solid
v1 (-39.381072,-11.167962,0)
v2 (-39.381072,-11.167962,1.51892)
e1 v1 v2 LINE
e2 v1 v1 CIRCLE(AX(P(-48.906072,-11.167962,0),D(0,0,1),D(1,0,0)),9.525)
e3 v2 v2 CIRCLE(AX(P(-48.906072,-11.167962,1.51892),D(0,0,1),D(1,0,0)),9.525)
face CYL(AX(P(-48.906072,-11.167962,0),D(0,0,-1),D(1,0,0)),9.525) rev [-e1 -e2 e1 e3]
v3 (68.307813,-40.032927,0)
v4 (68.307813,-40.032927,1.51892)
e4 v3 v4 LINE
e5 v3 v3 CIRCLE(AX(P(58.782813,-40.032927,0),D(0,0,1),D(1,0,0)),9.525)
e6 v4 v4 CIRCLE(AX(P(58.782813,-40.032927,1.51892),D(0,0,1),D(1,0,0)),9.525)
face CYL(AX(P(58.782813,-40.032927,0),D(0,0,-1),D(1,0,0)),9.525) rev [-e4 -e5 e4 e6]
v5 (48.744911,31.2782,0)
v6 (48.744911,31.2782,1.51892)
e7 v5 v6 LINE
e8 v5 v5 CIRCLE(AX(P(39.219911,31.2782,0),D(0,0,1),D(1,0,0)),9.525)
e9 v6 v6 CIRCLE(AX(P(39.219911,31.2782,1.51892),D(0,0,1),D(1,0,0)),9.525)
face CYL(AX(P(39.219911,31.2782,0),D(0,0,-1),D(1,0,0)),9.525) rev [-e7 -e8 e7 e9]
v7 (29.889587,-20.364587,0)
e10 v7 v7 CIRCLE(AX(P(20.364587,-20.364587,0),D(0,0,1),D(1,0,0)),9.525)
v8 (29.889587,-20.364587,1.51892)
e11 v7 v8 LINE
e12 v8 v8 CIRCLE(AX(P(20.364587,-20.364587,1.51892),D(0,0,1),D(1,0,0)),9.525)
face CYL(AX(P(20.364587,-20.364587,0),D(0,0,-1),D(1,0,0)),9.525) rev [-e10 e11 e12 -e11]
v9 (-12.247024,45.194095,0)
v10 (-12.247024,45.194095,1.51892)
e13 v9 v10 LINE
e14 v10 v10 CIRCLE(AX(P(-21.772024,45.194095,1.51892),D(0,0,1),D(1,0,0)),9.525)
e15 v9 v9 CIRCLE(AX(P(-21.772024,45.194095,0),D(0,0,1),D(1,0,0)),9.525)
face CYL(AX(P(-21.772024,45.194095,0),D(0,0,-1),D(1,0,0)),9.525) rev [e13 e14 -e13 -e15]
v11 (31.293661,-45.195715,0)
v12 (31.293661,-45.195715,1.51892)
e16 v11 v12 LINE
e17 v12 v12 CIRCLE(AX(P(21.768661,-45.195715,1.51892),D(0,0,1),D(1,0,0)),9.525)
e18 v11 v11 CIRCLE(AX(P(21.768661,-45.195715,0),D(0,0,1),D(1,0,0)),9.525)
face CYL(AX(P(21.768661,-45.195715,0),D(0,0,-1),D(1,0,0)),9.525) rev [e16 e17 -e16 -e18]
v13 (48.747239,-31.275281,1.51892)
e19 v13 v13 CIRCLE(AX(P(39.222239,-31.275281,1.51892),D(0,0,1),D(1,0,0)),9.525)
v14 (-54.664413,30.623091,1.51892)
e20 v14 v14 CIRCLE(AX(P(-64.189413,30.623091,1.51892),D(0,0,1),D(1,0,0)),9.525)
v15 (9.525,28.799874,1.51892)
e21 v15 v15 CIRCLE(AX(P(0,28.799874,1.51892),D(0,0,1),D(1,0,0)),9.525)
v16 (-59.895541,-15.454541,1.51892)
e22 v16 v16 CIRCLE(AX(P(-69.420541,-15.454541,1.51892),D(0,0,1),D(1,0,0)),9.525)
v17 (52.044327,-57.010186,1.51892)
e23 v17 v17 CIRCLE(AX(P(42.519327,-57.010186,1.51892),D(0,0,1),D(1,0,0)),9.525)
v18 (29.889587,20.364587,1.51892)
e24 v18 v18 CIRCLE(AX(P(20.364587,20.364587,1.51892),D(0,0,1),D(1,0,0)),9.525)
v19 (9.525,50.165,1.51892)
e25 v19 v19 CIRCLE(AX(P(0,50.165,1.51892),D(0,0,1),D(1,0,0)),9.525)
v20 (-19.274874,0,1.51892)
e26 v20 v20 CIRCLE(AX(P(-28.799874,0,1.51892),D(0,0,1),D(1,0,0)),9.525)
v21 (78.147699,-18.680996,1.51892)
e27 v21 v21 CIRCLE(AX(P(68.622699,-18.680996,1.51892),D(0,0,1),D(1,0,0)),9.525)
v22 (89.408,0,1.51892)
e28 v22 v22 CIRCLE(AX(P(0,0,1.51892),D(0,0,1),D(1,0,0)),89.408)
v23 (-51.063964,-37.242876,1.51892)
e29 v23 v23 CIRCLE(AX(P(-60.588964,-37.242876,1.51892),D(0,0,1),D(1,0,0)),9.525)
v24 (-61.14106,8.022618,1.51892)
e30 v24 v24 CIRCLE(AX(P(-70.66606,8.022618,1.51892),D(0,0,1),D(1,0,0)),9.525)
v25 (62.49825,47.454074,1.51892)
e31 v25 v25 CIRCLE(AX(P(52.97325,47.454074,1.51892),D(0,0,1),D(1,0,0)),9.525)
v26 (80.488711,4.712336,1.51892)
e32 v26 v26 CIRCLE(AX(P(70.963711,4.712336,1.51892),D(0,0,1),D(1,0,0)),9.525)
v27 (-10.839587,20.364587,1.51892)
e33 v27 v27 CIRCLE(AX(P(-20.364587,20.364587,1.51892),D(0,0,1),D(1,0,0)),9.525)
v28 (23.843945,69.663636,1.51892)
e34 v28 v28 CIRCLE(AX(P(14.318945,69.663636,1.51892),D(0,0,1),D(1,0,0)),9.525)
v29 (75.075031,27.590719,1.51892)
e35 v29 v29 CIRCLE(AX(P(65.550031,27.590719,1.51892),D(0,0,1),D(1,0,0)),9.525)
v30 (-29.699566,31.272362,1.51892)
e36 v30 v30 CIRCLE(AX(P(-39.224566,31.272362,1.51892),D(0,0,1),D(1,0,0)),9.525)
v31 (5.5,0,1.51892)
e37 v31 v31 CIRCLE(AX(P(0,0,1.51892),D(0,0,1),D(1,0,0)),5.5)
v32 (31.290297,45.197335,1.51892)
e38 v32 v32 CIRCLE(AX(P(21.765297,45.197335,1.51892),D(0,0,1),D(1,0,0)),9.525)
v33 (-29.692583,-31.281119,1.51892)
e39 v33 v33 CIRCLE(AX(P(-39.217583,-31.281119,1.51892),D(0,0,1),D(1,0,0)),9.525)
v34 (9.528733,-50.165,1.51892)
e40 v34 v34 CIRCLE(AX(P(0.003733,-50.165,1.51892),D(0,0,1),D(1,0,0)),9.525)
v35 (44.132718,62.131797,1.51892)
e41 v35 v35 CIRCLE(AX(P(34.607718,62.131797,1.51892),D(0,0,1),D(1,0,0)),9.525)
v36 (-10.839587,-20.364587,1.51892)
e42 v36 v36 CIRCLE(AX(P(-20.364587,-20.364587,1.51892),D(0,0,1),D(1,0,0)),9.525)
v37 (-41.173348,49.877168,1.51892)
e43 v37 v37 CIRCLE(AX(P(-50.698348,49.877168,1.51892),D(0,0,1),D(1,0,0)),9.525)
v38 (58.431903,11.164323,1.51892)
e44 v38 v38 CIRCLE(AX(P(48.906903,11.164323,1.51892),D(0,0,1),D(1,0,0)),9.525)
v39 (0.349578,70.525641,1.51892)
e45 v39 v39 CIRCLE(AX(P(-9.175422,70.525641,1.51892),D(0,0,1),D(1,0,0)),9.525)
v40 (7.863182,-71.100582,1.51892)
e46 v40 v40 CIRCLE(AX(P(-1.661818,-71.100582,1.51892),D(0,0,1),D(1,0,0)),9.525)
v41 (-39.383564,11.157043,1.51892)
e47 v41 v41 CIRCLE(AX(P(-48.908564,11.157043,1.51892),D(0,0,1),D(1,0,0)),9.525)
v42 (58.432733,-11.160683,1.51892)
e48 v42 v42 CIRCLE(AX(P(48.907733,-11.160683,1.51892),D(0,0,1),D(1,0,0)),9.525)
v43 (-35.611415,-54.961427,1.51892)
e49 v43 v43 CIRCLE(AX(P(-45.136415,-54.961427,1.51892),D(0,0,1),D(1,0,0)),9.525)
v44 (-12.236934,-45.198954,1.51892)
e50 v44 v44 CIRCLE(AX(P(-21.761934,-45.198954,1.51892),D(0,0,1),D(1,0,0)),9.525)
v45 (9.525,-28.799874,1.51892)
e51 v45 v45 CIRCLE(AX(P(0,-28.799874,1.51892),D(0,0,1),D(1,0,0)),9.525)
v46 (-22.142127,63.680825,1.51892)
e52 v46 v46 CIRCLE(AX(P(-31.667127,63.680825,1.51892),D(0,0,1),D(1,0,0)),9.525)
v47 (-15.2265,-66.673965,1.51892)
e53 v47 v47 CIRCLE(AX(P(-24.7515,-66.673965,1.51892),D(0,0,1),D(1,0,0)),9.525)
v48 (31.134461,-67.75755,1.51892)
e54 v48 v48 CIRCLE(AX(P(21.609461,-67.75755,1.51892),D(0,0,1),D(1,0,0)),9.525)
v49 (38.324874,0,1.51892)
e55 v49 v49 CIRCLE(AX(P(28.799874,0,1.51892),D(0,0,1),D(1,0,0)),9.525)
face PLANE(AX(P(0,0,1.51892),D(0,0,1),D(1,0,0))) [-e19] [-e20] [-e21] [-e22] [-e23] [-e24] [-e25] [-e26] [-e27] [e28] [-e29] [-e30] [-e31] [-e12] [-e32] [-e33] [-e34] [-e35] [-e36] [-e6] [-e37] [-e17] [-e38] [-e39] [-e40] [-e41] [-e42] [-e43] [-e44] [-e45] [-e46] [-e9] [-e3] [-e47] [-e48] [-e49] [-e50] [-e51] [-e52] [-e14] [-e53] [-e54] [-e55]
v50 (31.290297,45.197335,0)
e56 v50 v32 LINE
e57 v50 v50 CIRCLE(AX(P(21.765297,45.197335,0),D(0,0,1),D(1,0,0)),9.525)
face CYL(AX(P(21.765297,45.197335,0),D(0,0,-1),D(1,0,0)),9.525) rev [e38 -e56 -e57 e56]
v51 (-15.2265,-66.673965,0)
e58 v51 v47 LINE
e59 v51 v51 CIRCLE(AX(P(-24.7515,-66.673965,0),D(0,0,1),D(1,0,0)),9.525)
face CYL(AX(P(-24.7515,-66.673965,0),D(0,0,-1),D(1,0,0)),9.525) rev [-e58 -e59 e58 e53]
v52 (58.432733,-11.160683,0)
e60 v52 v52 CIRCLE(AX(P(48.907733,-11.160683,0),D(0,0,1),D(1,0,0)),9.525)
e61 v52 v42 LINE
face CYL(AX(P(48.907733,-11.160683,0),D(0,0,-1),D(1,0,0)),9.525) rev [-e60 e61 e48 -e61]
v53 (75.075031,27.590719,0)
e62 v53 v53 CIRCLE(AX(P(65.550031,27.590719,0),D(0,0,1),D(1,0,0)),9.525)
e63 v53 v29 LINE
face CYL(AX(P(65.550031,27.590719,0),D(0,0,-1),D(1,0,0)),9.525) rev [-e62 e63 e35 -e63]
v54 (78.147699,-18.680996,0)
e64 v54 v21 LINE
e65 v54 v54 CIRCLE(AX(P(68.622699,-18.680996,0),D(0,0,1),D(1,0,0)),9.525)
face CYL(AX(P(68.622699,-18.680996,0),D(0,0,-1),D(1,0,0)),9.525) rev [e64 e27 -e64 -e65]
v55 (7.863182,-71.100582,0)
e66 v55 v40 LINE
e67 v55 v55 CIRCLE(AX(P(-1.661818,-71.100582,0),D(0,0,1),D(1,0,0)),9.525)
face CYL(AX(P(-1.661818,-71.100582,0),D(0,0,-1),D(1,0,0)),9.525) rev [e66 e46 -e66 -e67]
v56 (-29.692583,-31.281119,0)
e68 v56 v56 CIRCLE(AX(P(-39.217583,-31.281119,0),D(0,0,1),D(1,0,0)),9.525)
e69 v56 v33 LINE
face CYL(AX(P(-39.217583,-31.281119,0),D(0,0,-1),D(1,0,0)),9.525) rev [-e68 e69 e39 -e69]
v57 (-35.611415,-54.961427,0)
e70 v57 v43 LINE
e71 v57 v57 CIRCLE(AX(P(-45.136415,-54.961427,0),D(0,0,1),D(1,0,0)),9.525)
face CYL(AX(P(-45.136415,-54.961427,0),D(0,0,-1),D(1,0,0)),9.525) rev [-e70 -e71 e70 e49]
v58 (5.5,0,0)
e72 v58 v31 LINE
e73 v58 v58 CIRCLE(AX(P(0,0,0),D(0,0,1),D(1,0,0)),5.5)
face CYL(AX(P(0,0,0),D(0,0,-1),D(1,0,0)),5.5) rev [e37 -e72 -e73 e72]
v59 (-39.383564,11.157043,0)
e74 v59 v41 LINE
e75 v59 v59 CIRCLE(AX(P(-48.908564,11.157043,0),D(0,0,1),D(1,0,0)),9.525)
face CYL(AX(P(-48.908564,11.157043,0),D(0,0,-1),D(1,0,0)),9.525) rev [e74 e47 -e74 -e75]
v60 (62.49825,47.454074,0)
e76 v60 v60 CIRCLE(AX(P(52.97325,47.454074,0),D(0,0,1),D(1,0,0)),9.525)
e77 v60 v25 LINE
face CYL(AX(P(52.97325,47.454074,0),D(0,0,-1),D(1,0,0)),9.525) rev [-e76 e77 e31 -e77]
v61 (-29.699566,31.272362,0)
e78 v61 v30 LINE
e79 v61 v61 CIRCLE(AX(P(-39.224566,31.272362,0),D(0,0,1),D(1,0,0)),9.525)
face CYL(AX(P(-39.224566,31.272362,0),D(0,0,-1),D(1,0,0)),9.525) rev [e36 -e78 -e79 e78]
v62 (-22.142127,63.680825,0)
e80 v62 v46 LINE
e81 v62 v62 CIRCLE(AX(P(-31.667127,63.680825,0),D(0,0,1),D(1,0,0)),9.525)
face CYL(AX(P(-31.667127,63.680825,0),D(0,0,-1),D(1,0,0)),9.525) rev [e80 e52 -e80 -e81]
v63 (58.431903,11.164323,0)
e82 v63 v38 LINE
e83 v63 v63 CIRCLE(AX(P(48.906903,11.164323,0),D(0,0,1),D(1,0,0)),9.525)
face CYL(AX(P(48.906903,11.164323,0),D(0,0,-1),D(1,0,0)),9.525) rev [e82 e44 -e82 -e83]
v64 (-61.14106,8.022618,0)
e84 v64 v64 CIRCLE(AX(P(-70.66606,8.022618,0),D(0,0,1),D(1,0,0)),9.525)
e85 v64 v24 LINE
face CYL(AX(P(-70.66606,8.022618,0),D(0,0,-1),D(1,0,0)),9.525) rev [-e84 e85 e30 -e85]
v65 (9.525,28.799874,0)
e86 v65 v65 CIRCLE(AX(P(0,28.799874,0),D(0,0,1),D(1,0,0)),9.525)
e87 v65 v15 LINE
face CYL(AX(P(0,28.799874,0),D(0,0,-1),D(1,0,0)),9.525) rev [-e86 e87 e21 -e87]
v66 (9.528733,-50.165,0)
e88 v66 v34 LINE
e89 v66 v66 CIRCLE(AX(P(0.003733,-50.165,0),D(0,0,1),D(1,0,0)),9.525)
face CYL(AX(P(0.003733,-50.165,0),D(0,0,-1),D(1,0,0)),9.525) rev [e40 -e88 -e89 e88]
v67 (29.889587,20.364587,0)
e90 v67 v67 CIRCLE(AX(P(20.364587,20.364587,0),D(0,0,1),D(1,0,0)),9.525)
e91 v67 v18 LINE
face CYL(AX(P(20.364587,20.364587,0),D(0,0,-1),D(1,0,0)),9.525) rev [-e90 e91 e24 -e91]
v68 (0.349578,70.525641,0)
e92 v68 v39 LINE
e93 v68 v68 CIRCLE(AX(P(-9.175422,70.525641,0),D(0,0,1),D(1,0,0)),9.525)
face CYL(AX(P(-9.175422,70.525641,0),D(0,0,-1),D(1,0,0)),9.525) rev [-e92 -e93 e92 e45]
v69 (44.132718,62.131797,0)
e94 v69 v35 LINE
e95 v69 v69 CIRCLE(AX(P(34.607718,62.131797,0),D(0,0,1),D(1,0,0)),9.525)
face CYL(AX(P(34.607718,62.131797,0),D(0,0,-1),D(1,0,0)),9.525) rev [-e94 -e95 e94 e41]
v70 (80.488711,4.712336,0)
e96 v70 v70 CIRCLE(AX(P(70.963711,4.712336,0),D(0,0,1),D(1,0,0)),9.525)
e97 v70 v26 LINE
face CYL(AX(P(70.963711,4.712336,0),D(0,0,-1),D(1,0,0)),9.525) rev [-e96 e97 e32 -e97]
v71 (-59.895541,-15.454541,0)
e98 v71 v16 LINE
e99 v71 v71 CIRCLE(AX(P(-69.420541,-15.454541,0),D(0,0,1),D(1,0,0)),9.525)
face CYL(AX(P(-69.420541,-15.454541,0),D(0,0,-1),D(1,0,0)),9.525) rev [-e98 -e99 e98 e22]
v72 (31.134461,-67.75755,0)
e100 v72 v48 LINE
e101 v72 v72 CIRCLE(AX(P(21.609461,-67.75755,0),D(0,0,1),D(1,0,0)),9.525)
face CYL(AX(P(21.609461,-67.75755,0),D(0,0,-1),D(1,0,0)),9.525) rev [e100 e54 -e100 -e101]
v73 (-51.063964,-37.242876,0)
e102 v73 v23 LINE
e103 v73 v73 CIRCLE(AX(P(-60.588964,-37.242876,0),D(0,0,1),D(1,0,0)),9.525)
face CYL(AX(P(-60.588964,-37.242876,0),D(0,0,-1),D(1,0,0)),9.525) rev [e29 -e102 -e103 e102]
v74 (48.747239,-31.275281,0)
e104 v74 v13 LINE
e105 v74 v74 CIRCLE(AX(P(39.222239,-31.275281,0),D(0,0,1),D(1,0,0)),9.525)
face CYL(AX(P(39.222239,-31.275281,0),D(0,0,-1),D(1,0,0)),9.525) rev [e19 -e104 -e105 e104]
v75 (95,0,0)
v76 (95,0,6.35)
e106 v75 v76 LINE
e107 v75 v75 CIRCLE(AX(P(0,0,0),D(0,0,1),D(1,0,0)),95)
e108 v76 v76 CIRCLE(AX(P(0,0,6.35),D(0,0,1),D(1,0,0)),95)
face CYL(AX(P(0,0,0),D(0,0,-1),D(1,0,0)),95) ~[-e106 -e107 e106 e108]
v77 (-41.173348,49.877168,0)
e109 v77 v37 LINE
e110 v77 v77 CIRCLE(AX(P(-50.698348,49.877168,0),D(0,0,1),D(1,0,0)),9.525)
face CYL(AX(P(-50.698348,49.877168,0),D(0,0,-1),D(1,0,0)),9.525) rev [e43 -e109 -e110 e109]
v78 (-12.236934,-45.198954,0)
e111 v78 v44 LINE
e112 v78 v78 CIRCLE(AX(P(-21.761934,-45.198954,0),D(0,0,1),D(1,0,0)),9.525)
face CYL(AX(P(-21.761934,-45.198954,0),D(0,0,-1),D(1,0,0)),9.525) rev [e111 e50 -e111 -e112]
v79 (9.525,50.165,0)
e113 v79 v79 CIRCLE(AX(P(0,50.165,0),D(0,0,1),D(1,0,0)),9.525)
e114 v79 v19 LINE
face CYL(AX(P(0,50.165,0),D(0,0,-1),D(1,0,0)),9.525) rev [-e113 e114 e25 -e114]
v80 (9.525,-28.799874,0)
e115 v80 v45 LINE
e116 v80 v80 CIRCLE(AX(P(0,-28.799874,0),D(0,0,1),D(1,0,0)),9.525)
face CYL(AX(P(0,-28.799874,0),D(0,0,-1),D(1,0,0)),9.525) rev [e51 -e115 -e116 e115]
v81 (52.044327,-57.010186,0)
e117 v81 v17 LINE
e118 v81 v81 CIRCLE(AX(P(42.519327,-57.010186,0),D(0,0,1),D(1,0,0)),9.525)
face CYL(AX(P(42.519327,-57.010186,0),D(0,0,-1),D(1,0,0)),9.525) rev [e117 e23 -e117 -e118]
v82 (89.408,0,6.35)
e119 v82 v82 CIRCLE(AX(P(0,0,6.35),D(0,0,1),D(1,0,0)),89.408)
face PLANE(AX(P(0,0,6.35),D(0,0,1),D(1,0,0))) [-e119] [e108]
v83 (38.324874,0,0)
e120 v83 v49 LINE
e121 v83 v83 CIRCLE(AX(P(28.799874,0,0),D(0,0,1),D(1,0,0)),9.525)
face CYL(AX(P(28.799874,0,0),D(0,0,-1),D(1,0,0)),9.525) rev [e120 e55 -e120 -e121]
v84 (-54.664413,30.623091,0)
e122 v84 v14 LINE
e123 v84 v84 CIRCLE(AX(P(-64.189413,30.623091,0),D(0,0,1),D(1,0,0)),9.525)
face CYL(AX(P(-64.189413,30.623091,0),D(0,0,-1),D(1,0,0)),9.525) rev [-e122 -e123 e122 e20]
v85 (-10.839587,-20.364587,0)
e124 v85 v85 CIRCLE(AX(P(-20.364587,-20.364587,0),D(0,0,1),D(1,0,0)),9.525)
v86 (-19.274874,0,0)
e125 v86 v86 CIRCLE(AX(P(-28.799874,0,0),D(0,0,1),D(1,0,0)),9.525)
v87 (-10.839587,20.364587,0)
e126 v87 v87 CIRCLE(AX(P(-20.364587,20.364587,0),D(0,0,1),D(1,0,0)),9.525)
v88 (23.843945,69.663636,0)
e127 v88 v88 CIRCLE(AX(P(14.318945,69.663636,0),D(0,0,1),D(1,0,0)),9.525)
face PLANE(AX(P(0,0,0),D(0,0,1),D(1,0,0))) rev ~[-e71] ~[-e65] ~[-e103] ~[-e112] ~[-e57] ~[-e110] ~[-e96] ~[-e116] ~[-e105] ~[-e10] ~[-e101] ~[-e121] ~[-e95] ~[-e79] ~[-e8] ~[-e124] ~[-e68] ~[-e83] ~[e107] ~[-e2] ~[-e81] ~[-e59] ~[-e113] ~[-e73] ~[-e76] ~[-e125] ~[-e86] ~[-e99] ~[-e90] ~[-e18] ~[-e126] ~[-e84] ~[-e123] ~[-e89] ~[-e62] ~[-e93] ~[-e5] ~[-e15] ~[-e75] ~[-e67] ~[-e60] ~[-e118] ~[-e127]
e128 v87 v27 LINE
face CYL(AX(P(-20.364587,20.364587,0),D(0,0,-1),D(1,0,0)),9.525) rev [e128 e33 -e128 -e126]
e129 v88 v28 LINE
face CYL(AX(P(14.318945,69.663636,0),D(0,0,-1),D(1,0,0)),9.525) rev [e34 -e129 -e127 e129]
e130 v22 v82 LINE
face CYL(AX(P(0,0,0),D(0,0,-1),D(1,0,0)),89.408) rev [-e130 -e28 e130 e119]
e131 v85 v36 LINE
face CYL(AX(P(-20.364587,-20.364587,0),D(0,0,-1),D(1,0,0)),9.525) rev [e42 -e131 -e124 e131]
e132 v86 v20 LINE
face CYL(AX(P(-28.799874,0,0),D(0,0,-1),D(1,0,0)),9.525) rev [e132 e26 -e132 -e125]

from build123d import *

# Parameters (mm, degrees)
F0_R     = 89.408
F0_R_2   = 9.525
F0_R_3   = 5.5
F1_DEPTH = 1.51892
F0_R_4   = 95
F2_DEPTH = 6.35


with BuildPart() as f1:
    # F0 (on Top) → F1 (new body)
    with BuildSketch(Plane.XY):
        Circle(F0_R)
        with Locations((-24.7515, -66.673965)):
            Circle(F0_R_2, mode=Mode.SUBTRACT)
        with Locations((-45.136415, -54.961427)):
            Circle(F0_R_2, mode=Mode.SUBTRACT)
        with Locations((-1.661818, -71.100582)):
            Circle(F0_R_2, mode=Mode.SUBTRACT)
        with Locations((-60.588964, -37.242876)):
            Circle(F0_R_2, mode=Mode.SUBTRACT)
        with Locations((-69.420541, -15.454541)):
            Circle(F0_R_2, mode=Mode.SUBTRACT)
        with Locations((-48.906072, -11.167962)):
            Circle(F0_R_2, mode=Mode.SUBTRACT)
        with Locations((-39.217583, -31.281119)):
            Circle(F0_R_2, mode=Mode.SUBTRACT)
        with Locations((-21.761934, -45.198954)):
            Circle(F0_R_2, mode=Mode.SUBTRACT)
        with Locations((-20.364587, -20.364587)):
            Circle(F0_R_2, mode=Mode.SUBTRACT)
        with Locations((21.609461, -67.75755)):
            Circle(F0_R_2, mode=Mode.SUBTRACT)
        with Locations((0.003733, -50.165)):
            Circle(F0_R_2, mode=Mode.SUBTRACT)
        with Locations((42.519327, -57.010186)):
            Circle(F0_R_2, mode=Mode.SUBTRACT)
        with Locations((21.768661, -45.195715)):
            Circle(F0_R_2, mode=Mode.SUBTRACT)
        with Locations((0, -28.799874)):
            Circle(F0_R_2, mode=Mode.SUBTRACT)
        with Locations((39.222239, -31.275281)):
            Circle(F0_R_2, mode=Mode.SUBTRACT)
        with Locations((20.364587, -20.364587)):
            Circle(F0_R_2, mode=Mode.SUBTRACT)
        with Locations((58.782813, -40.032927)):
            Circle(F0_R_2, mode=Mode.SUBTRACT)
        with Locations((68.622699, -18.680996)):
            Circle(F0_R_2, mode=Mode.SUBTRACT)
        with Locations((48.907733, -11.160683)):
            Circle(F0_R_2, mode=Mode.SUBTRACT)
        with Locations((-70.66606, 8.022618)):
            Circle(F0_R_2, mode=Mode.SUBTRACT)
        with Locations((-48.908564, 11.157043)):
            Circle(F0_R_2, mode=Mode.SUBTRACT)
        with Locations((-64.189413, 30.623091)):
            Circle(F0_R_2, mode=Mode.SUBTRACT)
        with Locations((-28.799874, 0)):
            Circle(F0_R_2, mode=Mode.SUBTRACT)
        with Locations((-20.364587, 20.364587)):
            Circle(F0_R_2, mode=Mode.SUBTRACT)
        with Locations((-39.224566, 31.272362)):
            Circle(F0_R_2, mode=Mode.SUBTRACT)
        with Locations((-21.772024, 45.194095)):
            Circle(F0_R_2, mode=Mode.SUBTRACT)
        with Locations((-50.698348, 49.877168)):
            Circle(F0_R_2, mode=Mode.SUBTRACT)
        with Locations((-31.667127, 63.680825)):
            Circle(F0_R_2, mode=Mode.SUBTRACT)
        with Locations((-9.175422, 70.525641)):
            Circle(F0_R_2, mode=Mode.SUBTRACT)
        Circle(F0_R_3, mode=Mode.SUBTRACT)
        with Locations((20.364587, 20.364587)):
            Circle(F0_R_2, mode=Mode.SUBTRACT)
        with Locations((28.799874, 0)):
            Circle(F0_R_2, mode=Mode.SUBTRACT)
        with Locations((0, 28.799874)):
            Circle(F0_R_2, mode=Mode.SUBTRACT)
        with Locations((21.765297, 45.197335)):
            Circle(F0_R_2, mode=Mode.SUBTRACT)
        with Locations((39.219911, 31.2782)):
            Circle(F0_R_2, mode=Mode.SUBTRACT)
        with Locations((48.906903, 11.164323)):
            Circle(F0_R_2, mode=Mode.SUBTRACT)
        with Locations((70.963711, 4.712336)):
            Circle(F0_R_2, mode=Mode.SUBTRACT)
        with Locations((65.550031, 27.590719)):
            Circle(F0_R_2, mode=Mode.SUBTRACT)
        with Locations((52.97325, 47.454074)):
            Circle(F0_R_2, mode=Mode.SUBTRACT)
        with Locations((0, 50.165)):
            Circle(F0_R_2, mode=Mode.SUBTRACT)
        with Locations((14.318945, 69.663636)):
            Circle(F0_R_2, mode=Mode.SUBTRACT)
        with Locations((34.607718, 62.131797)):
            Circle(F0_R_2, mode=Mode.SUBTRACT)
    extrude(amount=F1_DEPTH)

    # F0 (on Top) → F2 (join)
    with BuildSketch(Plane.XY):
        Circle(F0_R_4)
        Circle(F0_R, mode=Mode.SUBTRACT)
    extrude(amount=F2_DEPTH)


solid = f1.part
